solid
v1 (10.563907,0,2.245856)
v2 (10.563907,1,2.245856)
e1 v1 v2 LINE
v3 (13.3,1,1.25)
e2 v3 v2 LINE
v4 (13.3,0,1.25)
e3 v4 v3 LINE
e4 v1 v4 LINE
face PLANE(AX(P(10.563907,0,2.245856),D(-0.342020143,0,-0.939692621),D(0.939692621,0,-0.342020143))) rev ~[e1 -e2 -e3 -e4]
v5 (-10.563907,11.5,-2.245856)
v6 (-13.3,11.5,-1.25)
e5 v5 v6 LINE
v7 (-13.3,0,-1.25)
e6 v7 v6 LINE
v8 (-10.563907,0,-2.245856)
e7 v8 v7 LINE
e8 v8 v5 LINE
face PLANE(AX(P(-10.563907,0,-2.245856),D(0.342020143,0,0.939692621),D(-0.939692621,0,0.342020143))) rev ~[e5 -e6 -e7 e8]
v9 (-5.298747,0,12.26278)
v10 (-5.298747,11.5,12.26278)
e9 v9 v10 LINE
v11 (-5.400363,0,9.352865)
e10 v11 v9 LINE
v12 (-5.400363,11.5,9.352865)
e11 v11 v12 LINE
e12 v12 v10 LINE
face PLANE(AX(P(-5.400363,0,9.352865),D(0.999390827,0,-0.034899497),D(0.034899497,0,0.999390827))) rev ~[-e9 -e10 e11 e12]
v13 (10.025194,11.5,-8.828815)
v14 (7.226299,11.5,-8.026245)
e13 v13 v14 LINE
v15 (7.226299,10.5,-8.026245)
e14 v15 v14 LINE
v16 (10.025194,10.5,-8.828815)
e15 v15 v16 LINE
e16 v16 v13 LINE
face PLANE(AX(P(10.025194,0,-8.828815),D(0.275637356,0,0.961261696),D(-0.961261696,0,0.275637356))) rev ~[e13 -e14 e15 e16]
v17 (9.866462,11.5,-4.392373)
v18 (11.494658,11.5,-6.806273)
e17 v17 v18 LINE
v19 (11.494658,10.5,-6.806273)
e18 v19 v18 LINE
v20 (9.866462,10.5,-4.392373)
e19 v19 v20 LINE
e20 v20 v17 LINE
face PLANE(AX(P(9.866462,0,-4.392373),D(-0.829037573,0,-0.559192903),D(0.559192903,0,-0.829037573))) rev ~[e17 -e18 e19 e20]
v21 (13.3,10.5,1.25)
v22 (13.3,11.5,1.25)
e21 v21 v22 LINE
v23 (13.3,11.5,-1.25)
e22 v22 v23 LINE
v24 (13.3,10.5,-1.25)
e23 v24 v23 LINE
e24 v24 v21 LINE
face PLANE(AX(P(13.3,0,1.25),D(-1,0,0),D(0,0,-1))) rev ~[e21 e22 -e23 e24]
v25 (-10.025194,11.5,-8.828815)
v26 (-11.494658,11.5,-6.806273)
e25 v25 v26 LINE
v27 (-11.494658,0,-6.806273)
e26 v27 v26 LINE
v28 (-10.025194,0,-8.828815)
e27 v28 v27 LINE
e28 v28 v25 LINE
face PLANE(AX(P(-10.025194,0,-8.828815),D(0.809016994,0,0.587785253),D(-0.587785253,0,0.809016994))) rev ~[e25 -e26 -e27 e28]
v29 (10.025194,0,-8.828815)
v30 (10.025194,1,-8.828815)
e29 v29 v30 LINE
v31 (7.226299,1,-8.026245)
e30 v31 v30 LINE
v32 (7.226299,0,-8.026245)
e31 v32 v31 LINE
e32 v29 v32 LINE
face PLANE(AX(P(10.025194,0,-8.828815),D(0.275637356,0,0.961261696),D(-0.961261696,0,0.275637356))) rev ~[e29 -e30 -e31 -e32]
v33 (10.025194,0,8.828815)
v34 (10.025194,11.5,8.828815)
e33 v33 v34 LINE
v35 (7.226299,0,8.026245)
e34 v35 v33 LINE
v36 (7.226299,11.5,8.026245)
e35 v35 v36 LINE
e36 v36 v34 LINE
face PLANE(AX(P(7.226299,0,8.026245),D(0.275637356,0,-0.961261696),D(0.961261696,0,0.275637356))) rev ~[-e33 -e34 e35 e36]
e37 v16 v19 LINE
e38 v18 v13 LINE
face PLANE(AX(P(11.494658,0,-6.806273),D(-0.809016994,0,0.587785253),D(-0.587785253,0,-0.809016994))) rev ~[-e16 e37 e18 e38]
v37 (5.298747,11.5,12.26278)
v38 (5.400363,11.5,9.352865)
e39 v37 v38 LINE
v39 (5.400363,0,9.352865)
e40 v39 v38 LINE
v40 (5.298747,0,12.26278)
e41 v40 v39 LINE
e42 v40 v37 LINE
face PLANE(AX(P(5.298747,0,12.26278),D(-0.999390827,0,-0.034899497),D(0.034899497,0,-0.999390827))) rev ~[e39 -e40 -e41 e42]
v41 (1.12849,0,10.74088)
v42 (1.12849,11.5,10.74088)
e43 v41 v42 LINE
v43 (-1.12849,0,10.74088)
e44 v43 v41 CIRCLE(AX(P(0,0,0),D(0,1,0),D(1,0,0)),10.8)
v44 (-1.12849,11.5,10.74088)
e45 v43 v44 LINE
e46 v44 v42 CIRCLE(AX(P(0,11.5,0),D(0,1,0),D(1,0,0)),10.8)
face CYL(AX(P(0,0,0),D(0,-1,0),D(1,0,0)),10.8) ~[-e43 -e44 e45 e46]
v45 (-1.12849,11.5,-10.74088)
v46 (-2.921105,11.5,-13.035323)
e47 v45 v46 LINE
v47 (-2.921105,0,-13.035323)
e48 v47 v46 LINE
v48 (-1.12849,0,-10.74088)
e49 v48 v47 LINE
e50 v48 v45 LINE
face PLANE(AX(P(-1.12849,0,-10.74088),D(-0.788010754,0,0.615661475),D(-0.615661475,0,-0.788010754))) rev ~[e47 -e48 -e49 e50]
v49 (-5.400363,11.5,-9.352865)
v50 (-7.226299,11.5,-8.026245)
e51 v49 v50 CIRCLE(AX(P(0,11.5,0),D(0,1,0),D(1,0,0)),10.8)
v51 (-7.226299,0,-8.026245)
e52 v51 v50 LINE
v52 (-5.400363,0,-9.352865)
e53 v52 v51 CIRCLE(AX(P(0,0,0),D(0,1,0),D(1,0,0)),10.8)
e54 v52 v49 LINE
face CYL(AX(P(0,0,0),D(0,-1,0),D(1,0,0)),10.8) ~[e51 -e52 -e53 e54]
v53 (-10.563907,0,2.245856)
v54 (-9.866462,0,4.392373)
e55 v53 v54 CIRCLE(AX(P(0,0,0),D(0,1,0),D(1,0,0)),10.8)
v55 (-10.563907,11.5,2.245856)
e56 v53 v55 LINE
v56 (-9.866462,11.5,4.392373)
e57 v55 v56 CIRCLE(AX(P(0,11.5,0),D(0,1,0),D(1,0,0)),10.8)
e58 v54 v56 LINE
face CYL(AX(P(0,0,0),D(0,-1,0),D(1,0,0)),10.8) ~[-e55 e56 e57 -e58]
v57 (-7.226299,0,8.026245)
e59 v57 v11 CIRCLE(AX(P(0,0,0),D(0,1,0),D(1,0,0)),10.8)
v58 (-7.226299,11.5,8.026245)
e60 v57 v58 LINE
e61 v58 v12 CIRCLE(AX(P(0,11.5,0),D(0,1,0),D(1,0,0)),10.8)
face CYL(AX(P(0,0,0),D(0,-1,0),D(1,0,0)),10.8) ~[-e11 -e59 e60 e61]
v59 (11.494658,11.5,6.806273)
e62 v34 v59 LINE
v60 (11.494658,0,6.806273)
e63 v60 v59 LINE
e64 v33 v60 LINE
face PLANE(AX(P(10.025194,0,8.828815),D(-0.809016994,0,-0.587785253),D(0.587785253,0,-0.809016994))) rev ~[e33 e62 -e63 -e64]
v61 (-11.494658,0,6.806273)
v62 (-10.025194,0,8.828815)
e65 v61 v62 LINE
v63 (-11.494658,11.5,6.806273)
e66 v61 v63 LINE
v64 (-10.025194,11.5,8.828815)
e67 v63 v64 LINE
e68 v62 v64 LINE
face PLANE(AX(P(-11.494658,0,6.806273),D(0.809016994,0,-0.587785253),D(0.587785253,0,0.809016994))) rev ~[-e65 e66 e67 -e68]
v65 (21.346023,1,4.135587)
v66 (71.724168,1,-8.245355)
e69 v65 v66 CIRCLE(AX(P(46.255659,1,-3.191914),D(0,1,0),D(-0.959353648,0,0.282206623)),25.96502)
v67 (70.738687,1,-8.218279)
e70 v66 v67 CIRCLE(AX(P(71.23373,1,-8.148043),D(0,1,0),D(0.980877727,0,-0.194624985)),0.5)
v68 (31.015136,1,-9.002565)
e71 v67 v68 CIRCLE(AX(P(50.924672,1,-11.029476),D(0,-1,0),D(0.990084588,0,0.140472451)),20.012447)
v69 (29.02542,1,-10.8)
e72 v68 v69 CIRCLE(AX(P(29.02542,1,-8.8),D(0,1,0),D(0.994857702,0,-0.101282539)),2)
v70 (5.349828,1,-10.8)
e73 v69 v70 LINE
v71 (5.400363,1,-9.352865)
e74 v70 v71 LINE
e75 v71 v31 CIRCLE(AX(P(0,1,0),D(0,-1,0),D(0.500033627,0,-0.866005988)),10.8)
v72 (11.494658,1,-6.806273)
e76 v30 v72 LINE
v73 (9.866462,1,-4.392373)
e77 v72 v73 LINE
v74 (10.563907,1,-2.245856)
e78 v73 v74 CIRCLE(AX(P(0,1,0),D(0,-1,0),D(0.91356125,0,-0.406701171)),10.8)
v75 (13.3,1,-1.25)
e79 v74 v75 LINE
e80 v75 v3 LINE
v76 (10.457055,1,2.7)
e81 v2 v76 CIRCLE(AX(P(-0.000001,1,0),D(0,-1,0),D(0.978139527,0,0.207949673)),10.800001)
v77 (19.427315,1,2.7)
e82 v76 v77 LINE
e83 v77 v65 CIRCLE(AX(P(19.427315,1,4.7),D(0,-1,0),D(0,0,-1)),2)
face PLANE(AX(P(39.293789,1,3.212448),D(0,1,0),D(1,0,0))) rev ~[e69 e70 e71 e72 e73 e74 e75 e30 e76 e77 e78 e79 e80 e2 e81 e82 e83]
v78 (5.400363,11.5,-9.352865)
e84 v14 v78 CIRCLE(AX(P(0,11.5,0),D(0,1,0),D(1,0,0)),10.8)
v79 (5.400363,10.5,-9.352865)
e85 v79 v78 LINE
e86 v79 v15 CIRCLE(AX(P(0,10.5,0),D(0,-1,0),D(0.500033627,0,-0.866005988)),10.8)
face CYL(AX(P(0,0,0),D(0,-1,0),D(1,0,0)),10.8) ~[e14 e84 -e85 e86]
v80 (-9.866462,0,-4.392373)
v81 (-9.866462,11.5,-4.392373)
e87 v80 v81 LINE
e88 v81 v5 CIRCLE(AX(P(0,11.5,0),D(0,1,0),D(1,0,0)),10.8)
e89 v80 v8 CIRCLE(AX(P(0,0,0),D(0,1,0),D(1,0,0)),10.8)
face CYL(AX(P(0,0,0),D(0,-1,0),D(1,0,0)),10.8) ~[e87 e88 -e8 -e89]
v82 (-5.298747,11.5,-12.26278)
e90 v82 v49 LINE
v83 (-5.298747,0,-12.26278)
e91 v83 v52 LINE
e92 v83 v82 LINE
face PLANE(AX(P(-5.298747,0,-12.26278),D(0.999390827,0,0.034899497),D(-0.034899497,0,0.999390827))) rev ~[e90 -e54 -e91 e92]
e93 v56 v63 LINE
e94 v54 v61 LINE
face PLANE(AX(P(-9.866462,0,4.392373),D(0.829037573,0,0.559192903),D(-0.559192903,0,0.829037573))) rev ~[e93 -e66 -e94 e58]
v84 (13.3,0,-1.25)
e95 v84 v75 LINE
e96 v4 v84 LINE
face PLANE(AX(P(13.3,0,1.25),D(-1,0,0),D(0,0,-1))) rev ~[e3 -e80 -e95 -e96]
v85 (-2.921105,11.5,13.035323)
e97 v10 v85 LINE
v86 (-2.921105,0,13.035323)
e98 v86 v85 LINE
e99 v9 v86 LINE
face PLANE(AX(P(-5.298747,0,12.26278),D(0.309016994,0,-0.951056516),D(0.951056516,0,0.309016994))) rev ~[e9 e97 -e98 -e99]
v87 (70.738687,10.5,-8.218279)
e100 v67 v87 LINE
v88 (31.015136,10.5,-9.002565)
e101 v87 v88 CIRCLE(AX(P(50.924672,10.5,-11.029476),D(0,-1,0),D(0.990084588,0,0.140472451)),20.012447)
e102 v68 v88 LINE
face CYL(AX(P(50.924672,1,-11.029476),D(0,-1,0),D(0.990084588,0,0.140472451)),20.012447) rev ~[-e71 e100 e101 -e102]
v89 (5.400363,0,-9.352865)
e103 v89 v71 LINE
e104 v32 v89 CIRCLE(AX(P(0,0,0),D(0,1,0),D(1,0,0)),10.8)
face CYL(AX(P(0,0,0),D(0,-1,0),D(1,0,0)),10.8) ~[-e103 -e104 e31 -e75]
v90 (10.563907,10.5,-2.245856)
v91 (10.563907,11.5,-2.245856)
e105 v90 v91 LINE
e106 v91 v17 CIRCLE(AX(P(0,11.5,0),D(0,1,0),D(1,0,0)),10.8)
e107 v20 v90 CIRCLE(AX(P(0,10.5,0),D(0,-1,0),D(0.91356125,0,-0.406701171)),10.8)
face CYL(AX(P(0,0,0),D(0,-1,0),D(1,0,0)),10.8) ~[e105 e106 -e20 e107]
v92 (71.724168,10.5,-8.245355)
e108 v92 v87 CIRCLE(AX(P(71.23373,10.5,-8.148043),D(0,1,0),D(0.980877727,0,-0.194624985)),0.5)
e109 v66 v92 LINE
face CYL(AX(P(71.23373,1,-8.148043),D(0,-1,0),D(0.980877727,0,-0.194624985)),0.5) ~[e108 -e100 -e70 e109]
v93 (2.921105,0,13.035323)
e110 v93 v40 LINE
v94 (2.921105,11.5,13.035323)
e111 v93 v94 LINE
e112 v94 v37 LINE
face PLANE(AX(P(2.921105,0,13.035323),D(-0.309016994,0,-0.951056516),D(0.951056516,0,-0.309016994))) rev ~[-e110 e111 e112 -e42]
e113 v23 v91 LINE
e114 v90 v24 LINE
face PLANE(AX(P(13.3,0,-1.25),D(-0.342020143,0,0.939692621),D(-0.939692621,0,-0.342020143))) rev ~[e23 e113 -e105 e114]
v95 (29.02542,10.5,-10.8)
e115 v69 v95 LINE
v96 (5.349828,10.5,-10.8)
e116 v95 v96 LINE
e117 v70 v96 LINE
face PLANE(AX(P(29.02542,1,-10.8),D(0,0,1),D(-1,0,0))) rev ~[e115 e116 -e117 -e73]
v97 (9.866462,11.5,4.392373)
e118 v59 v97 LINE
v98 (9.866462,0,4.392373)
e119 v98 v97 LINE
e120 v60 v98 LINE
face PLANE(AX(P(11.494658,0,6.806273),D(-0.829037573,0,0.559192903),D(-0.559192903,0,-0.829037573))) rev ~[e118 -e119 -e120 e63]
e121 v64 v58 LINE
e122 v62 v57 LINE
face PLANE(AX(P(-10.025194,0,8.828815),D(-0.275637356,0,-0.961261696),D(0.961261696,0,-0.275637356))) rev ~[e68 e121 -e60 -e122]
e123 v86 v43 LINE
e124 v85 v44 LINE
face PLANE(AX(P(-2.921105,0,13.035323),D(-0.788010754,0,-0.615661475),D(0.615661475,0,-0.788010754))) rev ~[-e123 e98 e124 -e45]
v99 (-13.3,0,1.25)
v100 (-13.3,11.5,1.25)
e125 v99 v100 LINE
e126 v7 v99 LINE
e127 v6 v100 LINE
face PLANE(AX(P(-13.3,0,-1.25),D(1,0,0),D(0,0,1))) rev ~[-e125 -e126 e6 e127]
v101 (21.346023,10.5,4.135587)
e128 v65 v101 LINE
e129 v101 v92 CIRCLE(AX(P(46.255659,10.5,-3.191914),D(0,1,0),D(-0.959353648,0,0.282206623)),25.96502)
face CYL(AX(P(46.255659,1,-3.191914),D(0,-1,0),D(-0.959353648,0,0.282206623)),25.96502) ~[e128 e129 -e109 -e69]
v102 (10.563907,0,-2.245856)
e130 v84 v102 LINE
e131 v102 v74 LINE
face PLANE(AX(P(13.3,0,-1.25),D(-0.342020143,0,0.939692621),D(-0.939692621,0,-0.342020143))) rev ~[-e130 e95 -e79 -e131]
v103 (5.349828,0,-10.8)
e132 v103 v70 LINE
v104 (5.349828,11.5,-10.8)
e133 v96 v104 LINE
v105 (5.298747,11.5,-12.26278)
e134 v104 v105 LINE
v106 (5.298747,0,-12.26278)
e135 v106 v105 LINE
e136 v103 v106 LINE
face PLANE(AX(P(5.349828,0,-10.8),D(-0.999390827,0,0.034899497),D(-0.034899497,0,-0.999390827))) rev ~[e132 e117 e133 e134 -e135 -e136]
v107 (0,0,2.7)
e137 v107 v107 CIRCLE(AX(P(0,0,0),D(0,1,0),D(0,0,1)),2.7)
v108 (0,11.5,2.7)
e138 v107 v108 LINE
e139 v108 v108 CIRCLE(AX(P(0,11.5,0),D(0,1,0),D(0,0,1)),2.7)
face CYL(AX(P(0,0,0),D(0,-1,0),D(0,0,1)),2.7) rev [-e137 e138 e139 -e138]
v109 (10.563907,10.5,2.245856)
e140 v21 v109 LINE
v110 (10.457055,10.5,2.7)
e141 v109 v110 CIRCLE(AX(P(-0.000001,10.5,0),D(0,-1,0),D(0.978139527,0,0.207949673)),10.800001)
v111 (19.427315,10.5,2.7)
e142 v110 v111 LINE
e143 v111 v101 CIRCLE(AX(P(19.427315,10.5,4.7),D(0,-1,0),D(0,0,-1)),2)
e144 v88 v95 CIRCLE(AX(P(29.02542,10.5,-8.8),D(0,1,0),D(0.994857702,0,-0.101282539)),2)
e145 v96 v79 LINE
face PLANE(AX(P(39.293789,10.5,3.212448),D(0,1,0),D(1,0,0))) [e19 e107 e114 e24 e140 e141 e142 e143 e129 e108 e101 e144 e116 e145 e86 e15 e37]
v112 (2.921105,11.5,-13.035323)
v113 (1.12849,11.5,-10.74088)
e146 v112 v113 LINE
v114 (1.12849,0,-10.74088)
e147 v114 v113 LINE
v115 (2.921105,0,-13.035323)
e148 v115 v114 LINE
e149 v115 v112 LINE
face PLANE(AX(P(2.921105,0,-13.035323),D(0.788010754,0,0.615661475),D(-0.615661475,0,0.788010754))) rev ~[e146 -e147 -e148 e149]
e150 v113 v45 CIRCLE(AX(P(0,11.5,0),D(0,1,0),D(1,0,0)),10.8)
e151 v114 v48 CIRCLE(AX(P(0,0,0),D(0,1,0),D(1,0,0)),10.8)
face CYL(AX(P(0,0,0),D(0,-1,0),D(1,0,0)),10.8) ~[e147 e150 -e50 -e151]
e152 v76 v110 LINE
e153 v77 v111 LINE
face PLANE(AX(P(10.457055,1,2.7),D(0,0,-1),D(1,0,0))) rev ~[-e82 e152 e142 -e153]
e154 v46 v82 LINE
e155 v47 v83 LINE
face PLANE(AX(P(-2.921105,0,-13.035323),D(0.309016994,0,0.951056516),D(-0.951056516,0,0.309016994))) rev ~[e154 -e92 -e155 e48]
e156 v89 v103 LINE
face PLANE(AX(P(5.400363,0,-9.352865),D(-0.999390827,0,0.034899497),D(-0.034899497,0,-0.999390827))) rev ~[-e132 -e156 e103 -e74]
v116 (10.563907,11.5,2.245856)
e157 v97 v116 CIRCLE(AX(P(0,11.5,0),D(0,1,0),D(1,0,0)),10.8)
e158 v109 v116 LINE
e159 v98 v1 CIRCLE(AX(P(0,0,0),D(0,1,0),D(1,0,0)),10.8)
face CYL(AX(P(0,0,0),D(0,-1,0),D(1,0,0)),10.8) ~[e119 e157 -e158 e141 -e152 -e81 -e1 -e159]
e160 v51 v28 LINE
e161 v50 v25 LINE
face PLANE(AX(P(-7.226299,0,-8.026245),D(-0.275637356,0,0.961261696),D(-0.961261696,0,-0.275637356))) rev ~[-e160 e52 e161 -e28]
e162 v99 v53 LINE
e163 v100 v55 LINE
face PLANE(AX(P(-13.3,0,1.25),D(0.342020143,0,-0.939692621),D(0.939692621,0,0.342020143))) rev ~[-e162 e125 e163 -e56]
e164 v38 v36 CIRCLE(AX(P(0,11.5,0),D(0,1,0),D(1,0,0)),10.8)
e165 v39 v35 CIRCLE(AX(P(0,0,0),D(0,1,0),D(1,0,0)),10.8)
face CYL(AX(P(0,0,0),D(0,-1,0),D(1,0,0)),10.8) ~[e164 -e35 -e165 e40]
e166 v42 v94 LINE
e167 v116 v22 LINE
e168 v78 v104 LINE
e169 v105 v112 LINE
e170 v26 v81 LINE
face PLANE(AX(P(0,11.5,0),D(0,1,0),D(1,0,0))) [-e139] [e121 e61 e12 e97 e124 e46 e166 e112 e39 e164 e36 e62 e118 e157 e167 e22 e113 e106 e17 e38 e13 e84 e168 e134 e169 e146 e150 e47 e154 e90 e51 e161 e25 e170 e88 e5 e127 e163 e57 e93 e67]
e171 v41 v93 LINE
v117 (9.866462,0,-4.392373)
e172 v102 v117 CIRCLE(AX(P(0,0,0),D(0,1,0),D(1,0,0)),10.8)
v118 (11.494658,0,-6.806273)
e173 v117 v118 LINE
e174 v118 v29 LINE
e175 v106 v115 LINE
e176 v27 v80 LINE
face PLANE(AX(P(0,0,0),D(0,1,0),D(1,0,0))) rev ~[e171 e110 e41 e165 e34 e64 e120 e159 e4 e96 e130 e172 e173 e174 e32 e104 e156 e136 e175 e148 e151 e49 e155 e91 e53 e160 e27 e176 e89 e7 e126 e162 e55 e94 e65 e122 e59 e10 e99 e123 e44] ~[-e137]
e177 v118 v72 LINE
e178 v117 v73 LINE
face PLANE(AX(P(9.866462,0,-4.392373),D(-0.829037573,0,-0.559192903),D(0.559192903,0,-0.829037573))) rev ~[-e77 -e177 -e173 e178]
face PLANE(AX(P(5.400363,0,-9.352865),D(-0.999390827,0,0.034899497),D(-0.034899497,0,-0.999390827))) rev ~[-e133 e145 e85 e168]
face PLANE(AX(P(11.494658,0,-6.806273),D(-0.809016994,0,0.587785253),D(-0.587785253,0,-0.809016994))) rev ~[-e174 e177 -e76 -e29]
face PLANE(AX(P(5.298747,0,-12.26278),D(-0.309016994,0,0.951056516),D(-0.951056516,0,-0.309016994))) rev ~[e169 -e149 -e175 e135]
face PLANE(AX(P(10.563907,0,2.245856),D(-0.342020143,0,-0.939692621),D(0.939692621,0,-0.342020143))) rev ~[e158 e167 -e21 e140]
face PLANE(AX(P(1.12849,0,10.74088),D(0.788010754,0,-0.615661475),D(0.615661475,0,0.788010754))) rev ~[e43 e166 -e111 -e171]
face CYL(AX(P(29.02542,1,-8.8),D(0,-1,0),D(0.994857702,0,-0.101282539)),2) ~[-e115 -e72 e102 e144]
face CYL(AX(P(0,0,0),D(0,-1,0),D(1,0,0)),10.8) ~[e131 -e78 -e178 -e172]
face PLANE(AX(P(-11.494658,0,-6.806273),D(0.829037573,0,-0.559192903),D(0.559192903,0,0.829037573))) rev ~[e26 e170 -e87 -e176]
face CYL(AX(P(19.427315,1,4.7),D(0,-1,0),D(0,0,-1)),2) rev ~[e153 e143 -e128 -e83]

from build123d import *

# Parameters (mm, degrees)
CROQUIS1_R              = 10.8
CROQUIS1_R_2            = 2.7
SALIENTE_EXTRUIR1_DEPTH = 11.5
BOSS_EXTRUDE1_START     = 1
BOSS_EXTRUDE1_DEPTH     = 9.5


with BuildPart() as part:
    # Croquis1 → Saliente-Extruir1 (new body)
    with BuildSketch(Plane(origin=(0, 0, 0), x_dir=(1, 0, 0), z_dir=(0, 1, 0))):
        Circle(CROQUIS1_R)
        with Locations(Location((0, 0, 0), (0, 0, 270))):
            Circle(CROQUIS1_R_2, mode=Mode.SUBTRACT)
        with BuildLine():
            Line((13.3, 1.25), (10.563906891, 2.24585645))
            ThreePointArc((10.563906891, 2.24585645), (10.740814551, 1.129115932), (10.8, 0))
            ThreePointArc((10.8, 0), (10.740814551, -1.129115932), (10.563906891, -2.24585645))
            Line((10.563906891, -2.24585645), (13.3, -1.25))
            Line((13.3, -1.25), (13.3, 1.25))
        make_face()
        with BuildLine():
            Line((10.02519446, 8.828815098), (7.226298902, 8.026244712))
            ThreePointArc((7.226298902, 8.026244712), (8.737383539, 6.348080725), (9.866461502, 4.392372642))
            Line((9.866461502, 4.392372642), (11.494657591, 6.806272613))
            Line((11.494657591, 6.806272613), (10.02519446, 8.828815098))
        make_face()
        with BuildLine():
            Line((5.349828089, 10.8), (5.298746671, 12.262780424))
            Line((5.298746671, 12.262780424), (2.92110538, 13.03532291))
            Line((2.92110538, 13.03532291), (1.128490345, 10.740880296))
            ThreePointArc((1.128490345, 10.740880296), (3.337383539, 10.271410376), (5.400363168, 9.352864677))
            Line((5.400363168, 9.352864677), (5.349828089, 10.8))
        make_face()
        with BuildLine():
            ThreePointArc((-5.400363168, 9.352864677), (-3.337383539, 10.271410376), (-1.128490345, 10.740880296))
            Line((-1.128490345, 10.740880296), (-2.92110538, 13.03532291))
            Line((-2.92110538, 13.03532291), (-5.298746671, 12.262780424))
            Line((-5.298746671, 12.262780424), (-5.400363168, 9.352864677))
        make_face()
        with BuildLine():
            ThreePointArc((-9.866461502, 4.392372642), (-8.737383539, 6.348080725), (-7.226298902, 8.026244712))
            Line((-7.226298902, 8.026244712), (-10.02519446, 8.828815098))
            Line((-10.02519446, 8.828815098), (-11.494657591, 6.806272613))
            Line((-11.494657591, 6.806272613), (-9.866461502, 4.392372642))
        make_face()
        with BuildLine():
            ThreePointArc((-10.563906891, -2.24585645), (-10.8, 0), (-10.563906891, 2.24585645))
            Line((-10.563906891, 2.24585645), (-13.3, 1.25))
            Line((-13.3, 1.25), (-13.3, -1.25))
            Line((-13.3, -1.25), (-10.563906891, -2.24585645))
        make_face()
        with BuildLine():
            ThreePointArc((-7.226298902, -8.026244712), (-8.737383539, -6.348080725), (-9.866461502, -4.392372642))
            Line((-9.866461502, -4.392372642), (-11.494657591, -6.806272613))
            Line((-11.494657591, -6.806272613), (-10.02519446, -8.828815098))
            Line((-10.02519446, -8.828815098), (-7.226298902, -8.026244712))
        make_face()
        with BuildLine():
            ThreePointArc((-1.128490345, -10.740880296), (-3.337383539, -10.271410376), (-5.400363168, -9.352864677))
            Line((-5.400363168, -9.352864677), (-5.298746671, -12.262780424))
            Line((-5.298746671, -12.262780424), (-2.92110538, -13.03532291))
            Line((-2.92110538, -13.03532291), (-1.128490345, -10.740880296))
        make_face()
        with BuildLine():
            Line((5.298746671, -12.262780424), (5.400363168, -9.352864677))
            ThreePointArc((5.400363168, -9.352864677), (3.337383539, -10.271410376), (1.128490345, -10.740880296))
            Line((1.128490345, -10.740880296), (2.92110538, -13.03532291))
            Line((2.92110538, -13.03532291), (5.298746671, -12.262780424))
        make_face()
        with BuildLine():
            Line((11.494657591, -6.806272613), (9.866461502, -4.392372642))
            ThreePointArc((9.866461502, -4.392372642), (8.737383539, -6.348080725), (7.226298902, -8.026244712))
            Line((7.226298902, -8.026244712), (10.02519446, -8.828815098))
            Line((10.02519446, -8.828815098), (11.494657591, -6.806272613))
        make_face()
    extrude(amount=SALIENTE_EXTRUIR1_DEPTH)

    # Croquis1<6> → Boss-Extrude1 (add)
    with BuildSketch(Plane(origin=(0, 0, 0), x_dir=(1, 0, 0), z_dir=(0, 1, 0)).offset(BOSS_EXTRUDE1_START)):
        with BuildLine():
            Line((29.025420212, 10.8), (5.349828089, 10.8))
            Line((5.349828089, 10.8), (5.400363168, 9.352864677))
            ThreePointArc((5.400363168, 9.352864677), (6.348080725, 8.737383539), (7.226298902, 8.026244712))
            Line((7.226298902, 8.026244712), (10.02519446, 8.828815098))
            Line((10.02519446, 8.828815098), (11.494657591, 6.806272613))
            Line((11.494657591, 6.806272613), (9.866461502, 4.392372642))
            ThreePointArc((9.866461502, 4.392372642), (10.271410376, 3.337383539), (10.563906891, 2.24585645))
            Line((10.563906891, 2.24585645), (13.3, 1.25))
            Line((13.3, 1.25), (13.3, -1.25))
            Line((13.3, -1.25), (10.563906891, -2.24585645))
            ThreePointArc((10.563906891, -2.24585645), (10.512933542, -2.473505273), (10.457055035, -2.7))
            Line((10.457055035, -2.7), (19.42731544, -2.7))
            ThreePointArc((19.42731544, -2.7), (20.625475176, -3.098621454), (21.346022736, -4.135586754))
            ThreePointArc((21.346022736, -4.135586754), (52.452433734, -22.022808697), (71.724168494, 8.245355326))
            ThreePointArc((71.724168494, 8.245355326), (71.219997226, 8.647854219), (70.738687337, 8.218279059))
            ThreePointArc((70.738687337, 8.218279059), (50.52963152, -8.979070796), (31.015135616, 9.002565078))
            ThreePointArc((31.015135616, 9.002565078), (30.36610471, 10.284104133), (29.025420212, 10.8))
        make_face()
    extrude(amount=BOSS_EXTRUDE1_DEPTH)


solid = part.part
